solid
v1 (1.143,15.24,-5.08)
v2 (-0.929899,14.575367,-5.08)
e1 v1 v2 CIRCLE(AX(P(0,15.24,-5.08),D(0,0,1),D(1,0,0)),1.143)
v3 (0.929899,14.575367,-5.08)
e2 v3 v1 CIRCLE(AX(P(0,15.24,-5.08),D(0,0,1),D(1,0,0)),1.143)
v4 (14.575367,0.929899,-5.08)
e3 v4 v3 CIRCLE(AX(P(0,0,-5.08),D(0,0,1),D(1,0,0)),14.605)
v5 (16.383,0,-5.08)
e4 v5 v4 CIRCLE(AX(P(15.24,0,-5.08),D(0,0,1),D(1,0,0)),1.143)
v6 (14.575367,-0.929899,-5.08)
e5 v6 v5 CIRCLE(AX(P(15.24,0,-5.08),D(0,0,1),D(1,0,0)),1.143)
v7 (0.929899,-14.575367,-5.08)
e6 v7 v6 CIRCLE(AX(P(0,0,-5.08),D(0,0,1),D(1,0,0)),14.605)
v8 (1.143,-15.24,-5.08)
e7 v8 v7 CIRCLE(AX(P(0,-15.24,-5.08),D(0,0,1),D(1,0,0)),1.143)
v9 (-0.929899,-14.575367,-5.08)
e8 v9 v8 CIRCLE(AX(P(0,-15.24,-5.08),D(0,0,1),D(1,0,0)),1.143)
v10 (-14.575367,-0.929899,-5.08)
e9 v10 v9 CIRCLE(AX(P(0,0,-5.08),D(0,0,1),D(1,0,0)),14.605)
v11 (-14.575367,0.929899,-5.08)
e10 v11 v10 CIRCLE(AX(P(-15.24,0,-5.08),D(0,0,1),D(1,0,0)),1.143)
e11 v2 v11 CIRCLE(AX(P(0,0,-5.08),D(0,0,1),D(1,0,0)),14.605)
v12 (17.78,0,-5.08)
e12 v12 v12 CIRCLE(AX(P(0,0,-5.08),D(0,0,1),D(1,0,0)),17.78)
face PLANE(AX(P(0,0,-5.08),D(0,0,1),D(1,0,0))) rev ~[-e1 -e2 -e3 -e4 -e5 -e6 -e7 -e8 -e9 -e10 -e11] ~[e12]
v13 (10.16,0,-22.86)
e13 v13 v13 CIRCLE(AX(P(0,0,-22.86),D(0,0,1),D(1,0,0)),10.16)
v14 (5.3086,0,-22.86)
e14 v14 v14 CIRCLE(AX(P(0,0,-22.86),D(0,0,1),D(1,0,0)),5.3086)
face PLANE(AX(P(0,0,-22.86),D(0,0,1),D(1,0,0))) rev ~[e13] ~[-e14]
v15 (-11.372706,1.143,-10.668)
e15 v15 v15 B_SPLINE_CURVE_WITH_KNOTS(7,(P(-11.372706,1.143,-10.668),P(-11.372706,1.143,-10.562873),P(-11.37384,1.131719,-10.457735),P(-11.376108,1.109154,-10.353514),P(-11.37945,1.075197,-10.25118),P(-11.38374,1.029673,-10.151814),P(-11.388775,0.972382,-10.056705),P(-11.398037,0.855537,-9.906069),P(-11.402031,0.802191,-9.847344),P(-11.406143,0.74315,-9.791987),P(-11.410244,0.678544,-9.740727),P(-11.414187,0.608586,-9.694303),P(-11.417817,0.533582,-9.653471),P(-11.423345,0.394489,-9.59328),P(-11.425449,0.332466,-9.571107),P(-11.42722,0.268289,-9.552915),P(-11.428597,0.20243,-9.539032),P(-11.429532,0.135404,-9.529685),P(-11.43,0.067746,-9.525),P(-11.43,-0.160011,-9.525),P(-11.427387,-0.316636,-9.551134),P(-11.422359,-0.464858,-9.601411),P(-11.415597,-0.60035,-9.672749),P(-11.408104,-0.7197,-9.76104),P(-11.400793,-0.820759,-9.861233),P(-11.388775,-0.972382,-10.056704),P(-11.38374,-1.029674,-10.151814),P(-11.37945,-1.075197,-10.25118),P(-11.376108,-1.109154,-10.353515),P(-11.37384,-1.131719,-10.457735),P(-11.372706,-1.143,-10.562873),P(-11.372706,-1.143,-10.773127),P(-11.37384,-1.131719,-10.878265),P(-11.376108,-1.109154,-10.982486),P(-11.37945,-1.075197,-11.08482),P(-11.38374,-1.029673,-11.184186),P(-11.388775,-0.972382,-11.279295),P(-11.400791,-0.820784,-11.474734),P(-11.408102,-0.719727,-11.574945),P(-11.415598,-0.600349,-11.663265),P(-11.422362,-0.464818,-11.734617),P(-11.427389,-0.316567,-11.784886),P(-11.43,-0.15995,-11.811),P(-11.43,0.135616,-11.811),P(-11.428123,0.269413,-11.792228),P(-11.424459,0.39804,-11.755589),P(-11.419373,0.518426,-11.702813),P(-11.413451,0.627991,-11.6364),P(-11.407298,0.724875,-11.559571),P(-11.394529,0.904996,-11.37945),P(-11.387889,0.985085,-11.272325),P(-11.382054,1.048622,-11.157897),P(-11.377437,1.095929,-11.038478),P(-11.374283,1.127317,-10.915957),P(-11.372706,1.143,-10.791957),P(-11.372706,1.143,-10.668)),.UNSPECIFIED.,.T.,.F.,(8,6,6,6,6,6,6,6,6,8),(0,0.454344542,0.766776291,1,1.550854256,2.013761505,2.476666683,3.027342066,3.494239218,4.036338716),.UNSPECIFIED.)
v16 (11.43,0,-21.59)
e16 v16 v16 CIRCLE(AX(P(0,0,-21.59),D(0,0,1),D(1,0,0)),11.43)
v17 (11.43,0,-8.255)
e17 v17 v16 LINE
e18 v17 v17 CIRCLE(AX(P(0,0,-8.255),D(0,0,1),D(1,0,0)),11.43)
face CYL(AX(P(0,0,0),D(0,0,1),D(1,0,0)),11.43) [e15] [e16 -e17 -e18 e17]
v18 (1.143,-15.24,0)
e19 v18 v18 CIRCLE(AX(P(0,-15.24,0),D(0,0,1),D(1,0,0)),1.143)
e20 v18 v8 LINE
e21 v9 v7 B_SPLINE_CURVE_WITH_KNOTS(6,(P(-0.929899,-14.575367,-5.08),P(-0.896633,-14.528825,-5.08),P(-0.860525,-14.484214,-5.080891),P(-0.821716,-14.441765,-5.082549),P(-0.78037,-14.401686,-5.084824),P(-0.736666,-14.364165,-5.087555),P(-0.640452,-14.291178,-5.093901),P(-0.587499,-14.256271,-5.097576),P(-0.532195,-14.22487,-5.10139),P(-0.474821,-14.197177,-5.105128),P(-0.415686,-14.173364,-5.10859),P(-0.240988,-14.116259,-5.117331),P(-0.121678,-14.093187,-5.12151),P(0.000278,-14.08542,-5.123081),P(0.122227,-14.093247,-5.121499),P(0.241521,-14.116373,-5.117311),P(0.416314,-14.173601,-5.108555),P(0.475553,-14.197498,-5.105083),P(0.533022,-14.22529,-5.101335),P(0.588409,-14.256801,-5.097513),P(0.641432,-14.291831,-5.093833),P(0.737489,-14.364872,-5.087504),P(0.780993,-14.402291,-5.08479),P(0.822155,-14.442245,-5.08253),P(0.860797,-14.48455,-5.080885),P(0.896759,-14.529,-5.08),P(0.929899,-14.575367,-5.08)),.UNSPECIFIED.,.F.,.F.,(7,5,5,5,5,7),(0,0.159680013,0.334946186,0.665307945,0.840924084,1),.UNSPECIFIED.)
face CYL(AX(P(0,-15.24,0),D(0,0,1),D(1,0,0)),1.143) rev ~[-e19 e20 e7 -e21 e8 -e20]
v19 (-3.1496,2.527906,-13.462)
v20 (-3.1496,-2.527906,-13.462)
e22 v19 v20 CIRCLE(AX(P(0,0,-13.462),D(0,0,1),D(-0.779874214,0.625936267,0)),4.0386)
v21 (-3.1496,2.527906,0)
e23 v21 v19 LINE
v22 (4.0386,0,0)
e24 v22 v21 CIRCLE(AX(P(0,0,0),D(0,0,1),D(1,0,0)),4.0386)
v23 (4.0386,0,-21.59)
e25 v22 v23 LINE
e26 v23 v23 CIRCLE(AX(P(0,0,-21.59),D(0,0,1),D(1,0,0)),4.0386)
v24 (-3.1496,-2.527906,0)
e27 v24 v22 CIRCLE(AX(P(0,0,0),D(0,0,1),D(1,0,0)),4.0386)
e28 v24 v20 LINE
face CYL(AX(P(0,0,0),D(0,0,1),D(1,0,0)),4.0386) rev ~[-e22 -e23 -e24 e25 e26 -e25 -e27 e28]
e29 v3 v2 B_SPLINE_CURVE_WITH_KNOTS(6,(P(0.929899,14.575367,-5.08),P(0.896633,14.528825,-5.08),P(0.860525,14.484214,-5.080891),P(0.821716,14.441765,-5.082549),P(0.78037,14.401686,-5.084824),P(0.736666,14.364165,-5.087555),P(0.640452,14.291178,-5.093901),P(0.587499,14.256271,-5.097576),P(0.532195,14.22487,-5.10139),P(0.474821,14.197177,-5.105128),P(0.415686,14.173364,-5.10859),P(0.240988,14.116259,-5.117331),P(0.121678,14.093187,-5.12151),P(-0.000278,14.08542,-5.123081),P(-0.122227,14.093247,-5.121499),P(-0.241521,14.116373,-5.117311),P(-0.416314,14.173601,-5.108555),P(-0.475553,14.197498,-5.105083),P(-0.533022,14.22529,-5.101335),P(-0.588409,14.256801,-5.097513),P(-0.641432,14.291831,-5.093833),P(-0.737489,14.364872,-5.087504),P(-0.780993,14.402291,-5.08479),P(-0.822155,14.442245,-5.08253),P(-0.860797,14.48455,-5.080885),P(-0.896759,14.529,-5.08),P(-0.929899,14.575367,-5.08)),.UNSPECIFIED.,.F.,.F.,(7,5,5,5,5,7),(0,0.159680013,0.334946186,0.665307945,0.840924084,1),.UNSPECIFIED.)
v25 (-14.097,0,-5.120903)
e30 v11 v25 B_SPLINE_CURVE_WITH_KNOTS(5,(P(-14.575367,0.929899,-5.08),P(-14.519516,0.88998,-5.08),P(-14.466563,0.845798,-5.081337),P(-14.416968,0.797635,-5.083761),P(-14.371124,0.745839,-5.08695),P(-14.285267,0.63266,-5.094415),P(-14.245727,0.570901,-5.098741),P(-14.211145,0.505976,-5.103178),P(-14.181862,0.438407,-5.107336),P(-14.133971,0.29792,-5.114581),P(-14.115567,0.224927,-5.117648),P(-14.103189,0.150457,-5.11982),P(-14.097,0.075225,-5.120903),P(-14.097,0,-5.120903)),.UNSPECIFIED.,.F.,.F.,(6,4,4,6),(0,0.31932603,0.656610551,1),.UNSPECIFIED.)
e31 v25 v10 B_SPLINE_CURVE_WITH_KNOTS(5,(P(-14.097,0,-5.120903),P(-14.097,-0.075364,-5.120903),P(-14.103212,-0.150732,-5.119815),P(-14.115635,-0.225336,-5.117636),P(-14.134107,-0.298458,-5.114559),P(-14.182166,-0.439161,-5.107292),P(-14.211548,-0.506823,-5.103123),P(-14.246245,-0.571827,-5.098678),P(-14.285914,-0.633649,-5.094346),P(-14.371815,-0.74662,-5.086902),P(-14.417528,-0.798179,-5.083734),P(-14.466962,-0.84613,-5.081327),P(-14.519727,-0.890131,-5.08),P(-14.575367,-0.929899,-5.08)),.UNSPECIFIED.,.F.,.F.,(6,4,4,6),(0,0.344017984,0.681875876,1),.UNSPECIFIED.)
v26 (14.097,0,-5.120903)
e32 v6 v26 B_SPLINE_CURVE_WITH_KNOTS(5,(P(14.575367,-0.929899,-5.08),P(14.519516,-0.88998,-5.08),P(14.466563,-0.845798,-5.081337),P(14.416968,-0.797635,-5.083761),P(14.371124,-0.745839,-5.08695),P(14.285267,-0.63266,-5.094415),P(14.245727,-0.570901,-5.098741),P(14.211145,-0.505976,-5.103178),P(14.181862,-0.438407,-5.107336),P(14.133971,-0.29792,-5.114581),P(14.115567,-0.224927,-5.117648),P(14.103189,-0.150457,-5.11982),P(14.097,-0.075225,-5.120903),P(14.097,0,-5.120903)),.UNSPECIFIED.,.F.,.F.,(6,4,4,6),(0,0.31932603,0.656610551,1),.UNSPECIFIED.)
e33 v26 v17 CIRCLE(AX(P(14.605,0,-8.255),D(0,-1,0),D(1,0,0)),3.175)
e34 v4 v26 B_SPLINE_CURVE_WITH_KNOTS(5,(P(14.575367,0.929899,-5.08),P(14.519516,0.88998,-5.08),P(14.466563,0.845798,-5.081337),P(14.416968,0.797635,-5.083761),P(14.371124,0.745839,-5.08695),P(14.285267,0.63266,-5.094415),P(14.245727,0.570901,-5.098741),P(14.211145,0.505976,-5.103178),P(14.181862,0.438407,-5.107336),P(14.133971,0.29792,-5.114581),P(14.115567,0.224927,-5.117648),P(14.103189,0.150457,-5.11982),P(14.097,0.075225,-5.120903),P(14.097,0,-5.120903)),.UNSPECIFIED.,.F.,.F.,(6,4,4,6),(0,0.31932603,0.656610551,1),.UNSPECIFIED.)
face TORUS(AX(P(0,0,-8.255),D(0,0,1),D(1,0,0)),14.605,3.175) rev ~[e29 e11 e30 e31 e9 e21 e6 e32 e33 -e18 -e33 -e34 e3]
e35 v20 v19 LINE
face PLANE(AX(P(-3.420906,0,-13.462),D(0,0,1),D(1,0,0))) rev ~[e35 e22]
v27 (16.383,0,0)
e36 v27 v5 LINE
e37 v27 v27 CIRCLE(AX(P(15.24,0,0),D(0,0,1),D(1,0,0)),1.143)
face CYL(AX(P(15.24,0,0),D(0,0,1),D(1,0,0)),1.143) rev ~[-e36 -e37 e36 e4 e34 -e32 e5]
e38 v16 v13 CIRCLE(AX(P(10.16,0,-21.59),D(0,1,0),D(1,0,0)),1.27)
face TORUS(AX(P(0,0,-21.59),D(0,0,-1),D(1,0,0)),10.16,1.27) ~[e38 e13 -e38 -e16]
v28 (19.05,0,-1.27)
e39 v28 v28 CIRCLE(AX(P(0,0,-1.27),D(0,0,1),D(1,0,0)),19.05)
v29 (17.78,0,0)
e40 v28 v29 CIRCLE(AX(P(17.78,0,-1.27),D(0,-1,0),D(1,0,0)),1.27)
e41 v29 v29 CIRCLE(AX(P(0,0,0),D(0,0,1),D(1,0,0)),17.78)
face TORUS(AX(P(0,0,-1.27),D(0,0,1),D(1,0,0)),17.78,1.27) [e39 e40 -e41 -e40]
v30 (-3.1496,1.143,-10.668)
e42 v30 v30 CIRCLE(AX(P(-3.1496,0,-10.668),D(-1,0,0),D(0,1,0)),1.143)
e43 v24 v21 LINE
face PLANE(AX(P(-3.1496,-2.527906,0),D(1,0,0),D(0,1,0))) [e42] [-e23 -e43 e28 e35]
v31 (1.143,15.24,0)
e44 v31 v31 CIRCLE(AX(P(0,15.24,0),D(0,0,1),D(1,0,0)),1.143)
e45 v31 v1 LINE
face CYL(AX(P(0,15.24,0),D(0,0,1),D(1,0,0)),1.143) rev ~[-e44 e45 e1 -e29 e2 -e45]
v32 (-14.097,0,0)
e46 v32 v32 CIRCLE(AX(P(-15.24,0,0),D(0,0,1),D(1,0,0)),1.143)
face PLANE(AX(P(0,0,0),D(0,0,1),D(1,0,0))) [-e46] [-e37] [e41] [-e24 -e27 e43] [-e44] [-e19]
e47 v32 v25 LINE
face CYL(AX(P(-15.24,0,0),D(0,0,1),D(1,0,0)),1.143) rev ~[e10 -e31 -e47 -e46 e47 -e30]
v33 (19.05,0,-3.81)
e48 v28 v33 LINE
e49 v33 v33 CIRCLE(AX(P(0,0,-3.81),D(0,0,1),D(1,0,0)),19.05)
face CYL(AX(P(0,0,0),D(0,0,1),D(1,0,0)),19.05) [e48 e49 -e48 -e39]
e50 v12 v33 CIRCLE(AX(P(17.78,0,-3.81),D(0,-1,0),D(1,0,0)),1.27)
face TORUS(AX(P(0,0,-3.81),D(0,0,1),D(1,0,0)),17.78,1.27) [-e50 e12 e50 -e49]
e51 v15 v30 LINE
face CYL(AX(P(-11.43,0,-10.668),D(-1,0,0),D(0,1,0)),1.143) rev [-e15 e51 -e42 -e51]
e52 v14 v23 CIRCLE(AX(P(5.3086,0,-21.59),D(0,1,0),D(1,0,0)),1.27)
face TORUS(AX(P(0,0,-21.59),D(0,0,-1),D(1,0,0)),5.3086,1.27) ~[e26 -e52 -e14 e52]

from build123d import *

# Parameters (mm, degrees)
F2_R      = 11.43
F4_DEPTH  = 22.86
F1_R      = 19.05
F1_R_2    = 4.0386
F5_DEPTH  = 5.08
F0_R      = 4.0386
F6_DEPTH  = 22.86
F7_DEPTH  = 13.462
F9_R      = 1.143
F10_DEPTH = 11.43
F11_R     = 3.175
F12_R     = 1.27
F13_R     = 1.143
F14_DEPTH = 5.1219035795


with BuildPart() as f4:
    # F2 (on Top) → F4 (new body)
    with BuildSketch(Plane.XY):
        Circle(F2_R)
    extrude(amount=-F4_DEPTH)

    # F1 (on face) → F5 (join)
    with BuildSketch(Plane.XY):
        Circle(F1_R)
        Circle(F1_R_2, mode=Mode.SUBTRACT)
    extrude(amount=-F5_DEPTH)

    # F0 (on Top) → F6 (cut)
    with BuildSketch(Plane.XY):
        Circle(F0_R)
    extrude(amount=-F6_DEPTH, mode=Mode.SUBTRACT)

    # F3 (on Top) → F7 (join)
    with BuildSketch(Plane.XY):
        with BuildLine():
            Line((-3.1496, -2.5279062087), (-3.1496, 2.5279062087))
            ThreePointArc((-3.1496, 2.5279062087), (-4.0386, 0), (-3.1496, -2.5279062087))
        make_face()
    extrude(amount=-F7_DEPTH)

    # F9 (on offset) → F10 (cut)
    with BuildSketch(Plane.YZ.offset(-11.43)):
        with Locations((0, -10.668)):
            Circle(F9_R)
    extrude(amount=F10_DEPTH, mode=Mode.SUBTRACT)

    # F11
    f11_edges = [f4.edges().sort_by_distance(p)[0] for p in [
        (-11.43, 0, -5.08),
    ]]
    fillet(f11_edges, radius=F11_R)

    # F12
    f12_edges = [f4.edges().sort_by_distance(p)[0] for p in [
        (-11.43, 0, -22.86),
        (-19.05, 0, -5.08),
        (-4.0386, 0, -22.86),
        (-19.05, 0, 0),
    ]]
    fillet(f12_edges, radius=F12_R)

    # F13 (on Top) → F14 (cut, through all)
    with BuildSketch(Plane.XY):
        with Locations((15.24, 0)):
            Circle(F13_R)
        with Locations((0, 15.24)):
            Circle(F13_R)
        with Locations((0, -15.24)):
            Circle(F13_R)
        with Locations((-15.24, 0)):
            Circle(F13_R)
    extrude(amount=-F14_DEPTH, mode=Mode.SUBTRACT)


solid = f4.part
